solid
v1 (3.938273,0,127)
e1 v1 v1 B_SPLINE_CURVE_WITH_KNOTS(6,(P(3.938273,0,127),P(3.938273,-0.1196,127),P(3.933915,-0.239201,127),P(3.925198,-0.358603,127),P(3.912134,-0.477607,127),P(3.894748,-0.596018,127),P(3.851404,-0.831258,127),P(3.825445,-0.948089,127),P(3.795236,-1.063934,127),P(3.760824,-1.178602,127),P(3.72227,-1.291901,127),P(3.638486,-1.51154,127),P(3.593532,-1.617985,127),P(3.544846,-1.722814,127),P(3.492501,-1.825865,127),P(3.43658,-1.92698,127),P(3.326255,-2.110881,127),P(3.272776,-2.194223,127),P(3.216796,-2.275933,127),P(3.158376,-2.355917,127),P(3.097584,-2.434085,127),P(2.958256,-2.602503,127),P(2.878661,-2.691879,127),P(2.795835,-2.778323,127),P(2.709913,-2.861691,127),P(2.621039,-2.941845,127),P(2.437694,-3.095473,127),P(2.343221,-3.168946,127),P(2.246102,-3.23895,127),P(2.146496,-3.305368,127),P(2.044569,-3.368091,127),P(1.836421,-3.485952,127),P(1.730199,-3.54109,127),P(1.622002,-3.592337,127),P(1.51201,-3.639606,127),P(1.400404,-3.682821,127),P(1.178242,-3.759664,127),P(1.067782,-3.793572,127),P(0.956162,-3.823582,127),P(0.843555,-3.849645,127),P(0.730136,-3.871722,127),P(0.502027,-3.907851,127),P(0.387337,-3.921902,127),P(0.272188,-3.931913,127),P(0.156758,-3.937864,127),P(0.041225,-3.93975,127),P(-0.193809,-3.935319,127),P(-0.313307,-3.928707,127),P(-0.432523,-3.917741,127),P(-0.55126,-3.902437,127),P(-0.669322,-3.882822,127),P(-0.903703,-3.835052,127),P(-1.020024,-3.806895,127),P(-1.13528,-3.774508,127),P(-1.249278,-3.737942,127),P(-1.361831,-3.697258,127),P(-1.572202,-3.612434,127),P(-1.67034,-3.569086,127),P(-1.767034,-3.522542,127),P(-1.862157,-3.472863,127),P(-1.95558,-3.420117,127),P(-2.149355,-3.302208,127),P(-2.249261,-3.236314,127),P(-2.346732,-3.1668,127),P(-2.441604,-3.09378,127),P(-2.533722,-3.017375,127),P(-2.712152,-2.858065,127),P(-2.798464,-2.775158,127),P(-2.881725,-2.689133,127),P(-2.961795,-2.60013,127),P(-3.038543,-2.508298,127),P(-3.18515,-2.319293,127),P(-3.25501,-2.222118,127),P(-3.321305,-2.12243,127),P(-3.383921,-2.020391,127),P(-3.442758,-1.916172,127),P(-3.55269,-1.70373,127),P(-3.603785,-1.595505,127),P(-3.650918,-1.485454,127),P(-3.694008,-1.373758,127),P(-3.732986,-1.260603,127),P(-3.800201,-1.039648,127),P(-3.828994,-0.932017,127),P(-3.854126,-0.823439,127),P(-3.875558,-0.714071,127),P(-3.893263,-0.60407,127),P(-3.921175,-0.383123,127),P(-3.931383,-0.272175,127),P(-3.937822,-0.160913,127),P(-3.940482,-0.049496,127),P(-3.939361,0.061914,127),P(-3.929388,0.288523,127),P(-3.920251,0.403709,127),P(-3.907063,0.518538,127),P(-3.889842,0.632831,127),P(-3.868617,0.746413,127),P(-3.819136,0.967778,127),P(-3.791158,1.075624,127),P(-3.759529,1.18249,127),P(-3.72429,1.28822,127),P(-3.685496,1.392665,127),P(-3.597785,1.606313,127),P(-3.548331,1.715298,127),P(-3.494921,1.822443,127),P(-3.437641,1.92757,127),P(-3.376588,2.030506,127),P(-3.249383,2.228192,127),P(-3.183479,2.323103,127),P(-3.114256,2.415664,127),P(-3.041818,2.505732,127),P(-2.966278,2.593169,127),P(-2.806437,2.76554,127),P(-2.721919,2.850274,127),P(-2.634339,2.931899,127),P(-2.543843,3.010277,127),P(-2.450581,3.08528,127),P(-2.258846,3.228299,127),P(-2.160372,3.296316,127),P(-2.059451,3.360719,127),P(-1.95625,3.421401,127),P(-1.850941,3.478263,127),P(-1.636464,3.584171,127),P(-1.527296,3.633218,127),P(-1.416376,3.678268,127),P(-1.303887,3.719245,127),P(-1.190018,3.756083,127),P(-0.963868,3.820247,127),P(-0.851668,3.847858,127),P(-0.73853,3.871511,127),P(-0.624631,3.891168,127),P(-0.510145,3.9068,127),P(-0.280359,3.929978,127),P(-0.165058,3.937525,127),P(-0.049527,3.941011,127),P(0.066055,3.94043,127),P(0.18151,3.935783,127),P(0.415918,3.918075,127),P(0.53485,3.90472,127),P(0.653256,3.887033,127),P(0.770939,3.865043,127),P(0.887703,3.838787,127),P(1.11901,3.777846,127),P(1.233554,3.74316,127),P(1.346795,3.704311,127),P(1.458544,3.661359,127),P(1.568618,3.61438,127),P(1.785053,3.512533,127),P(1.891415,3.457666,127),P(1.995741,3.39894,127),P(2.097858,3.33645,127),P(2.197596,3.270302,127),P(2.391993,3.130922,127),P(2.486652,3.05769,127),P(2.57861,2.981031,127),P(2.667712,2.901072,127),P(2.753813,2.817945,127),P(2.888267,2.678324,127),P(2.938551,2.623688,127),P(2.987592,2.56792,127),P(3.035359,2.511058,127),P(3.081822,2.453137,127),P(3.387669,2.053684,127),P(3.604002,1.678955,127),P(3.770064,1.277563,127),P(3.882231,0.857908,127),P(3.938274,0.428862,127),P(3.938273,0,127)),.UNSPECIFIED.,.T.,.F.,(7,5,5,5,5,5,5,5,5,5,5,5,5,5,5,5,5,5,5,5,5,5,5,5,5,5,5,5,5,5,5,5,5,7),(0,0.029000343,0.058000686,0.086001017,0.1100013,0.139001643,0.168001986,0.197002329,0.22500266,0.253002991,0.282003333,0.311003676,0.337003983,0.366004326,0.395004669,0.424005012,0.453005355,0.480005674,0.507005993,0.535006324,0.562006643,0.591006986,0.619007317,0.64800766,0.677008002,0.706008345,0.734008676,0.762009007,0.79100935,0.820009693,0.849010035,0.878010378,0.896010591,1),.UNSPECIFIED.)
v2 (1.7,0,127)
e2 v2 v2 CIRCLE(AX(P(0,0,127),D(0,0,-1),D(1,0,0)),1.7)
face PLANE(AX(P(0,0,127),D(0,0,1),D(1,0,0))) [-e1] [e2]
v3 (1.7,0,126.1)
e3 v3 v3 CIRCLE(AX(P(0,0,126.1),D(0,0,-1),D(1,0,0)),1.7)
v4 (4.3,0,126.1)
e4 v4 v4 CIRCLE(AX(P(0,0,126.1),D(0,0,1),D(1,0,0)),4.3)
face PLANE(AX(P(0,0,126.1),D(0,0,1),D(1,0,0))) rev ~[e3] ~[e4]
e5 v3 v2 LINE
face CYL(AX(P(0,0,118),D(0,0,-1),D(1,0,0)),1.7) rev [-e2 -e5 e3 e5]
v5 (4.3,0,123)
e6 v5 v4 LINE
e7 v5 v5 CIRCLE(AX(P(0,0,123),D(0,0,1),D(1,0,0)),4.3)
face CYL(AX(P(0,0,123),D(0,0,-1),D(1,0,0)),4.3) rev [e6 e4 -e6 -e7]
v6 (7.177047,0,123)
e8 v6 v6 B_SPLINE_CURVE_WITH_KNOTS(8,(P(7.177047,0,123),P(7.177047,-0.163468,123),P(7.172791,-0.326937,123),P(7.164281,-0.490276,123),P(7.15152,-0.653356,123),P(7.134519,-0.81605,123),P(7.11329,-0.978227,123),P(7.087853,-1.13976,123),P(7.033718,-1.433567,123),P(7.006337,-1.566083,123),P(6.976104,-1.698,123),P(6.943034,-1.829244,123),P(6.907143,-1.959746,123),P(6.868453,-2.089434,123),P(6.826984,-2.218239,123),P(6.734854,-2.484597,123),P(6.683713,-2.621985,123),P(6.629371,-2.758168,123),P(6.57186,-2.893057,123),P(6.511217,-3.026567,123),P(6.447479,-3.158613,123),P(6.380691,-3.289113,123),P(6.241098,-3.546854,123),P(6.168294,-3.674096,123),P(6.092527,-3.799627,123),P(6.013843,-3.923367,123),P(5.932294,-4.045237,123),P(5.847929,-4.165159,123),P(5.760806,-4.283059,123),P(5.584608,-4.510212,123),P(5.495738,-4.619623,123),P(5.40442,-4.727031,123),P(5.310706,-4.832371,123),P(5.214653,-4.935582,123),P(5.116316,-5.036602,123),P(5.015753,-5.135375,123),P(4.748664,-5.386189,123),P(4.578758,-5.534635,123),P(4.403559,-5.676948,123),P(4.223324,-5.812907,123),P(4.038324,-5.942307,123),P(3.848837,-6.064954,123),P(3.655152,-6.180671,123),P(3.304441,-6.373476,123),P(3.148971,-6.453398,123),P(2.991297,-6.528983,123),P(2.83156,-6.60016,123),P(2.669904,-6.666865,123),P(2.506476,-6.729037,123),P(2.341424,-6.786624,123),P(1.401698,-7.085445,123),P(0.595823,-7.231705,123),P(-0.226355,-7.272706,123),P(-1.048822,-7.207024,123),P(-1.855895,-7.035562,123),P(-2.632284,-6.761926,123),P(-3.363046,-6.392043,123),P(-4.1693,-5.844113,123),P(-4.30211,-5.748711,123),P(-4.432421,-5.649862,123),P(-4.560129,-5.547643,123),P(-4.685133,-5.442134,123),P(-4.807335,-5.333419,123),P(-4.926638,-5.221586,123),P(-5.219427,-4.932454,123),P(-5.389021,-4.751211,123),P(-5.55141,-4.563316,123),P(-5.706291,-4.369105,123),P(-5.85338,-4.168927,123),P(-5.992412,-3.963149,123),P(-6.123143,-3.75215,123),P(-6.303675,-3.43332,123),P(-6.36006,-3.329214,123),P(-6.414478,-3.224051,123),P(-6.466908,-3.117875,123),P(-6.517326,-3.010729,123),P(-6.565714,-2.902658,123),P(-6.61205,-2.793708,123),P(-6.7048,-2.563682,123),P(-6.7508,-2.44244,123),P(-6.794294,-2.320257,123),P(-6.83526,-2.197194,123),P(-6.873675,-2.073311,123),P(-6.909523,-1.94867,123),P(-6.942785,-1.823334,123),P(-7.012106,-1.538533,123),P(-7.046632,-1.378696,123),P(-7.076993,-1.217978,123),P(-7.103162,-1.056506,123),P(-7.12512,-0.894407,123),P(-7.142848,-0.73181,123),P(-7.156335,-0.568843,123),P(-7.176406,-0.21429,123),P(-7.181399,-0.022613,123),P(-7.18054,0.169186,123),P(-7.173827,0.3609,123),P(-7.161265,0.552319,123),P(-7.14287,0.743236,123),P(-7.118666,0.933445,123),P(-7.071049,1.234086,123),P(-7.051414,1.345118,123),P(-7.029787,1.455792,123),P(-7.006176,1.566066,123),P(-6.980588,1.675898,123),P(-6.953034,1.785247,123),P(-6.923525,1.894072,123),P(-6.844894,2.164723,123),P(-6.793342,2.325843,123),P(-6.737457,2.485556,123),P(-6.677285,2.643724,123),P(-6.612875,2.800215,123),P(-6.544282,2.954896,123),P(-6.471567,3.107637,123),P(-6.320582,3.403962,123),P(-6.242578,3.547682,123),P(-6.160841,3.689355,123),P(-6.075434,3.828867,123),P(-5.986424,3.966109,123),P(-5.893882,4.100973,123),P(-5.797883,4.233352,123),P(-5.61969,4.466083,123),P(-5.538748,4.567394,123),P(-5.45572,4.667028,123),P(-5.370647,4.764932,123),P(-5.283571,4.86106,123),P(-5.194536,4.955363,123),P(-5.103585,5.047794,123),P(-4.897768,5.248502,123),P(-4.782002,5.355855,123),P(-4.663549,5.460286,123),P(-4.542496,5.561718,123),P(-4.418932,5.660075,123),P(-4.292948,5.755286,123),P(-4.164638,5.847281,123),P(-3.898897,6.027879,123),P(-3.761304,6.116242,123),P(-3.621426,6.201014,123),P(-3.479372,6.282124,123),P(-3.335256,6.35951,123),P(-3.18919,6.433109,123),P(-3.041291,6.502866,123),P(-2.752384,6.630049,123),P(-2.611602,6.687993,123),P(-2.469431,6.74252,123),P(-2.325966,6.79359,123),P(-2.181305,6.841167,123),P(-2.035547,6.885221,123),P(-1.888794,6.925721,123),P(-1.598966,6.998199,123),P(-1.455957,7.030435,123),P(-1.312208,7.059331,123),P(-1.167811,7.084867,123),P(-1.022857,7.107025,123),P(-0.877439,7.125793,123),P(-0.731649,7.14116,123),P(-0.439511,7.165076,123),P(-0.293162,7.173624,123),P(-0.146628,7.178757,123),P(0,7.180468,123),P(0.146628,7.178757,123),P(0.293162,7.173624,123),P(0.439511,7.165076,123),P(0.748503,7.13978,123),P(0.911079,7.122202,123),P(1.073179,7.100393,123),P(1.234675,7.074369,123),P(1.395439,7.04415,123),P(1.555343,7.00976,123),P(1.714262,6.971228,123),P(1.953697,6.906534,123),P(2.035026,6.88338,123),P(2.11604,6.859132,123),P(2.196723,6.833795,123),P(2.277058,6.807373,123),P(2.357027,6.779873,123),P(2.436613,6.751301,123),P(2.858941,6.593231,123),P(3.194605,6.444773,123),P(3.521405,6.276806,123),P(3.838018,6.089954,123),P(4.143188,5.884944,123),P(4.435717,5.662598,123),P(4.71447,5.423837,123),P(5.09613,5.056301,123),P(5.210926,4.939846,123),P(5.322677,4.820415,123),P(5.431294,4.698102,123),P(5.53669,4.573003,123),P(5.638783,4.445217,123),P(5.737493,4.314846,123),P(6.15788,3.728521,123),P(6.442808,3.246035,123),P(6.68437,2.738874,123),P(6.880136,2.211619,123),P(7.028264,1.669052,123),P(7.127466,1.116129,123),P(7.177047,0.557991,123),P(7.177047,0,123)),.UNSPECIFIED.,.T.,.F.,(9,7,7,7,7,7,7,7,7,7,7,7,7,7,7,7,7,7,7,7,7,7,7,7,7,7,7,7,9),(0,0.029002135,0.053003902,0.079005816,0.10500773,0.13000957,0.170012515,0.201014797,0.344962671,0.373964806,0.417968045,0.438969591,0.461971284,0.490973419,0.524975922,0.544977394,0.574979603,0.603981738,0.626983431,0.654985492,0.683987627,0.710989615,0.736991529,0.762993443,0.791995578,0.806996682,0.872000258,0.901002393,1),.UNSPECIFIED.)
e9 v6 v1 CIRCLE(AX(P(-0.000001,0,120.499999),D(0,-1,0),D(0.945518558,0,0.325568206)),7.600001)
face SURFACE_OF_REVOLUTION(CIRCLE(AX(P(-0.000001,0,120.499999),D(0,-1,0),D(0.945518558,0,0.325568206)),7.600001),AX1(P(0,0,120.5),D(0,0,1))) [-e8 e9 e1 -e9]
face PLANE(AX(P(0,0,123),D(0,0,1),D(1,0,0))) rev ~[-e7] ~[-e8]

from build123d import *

# Parameters (mm, degrees)
CYLINDER046_R     = 4.3
CYLINDER046_DEPTH = 3.1
CYLINDER010_R     = 1.7
CYLINDER010_DEPTH = 10
CYLINDER045_R     = 9
CYLINDER045_DEPTH = 4


with BuildPart() as cylinder046:
    # Cylinder046 → Cylinder046 (new body)
    with BuildSketch(Plane.XY.offset(123)):
        Circle(CYLINDER046_R)
    extrude(amount=CYLINDER046_DEPTH)


with BuildPart() as uitsparing:
    # Cylinder010 → Cylinder010 (new body)
    with BuildSketch(Plane.XY.offset(118)):
        Circle(CYLINDER010_R)
    extrude(amount=CYLINDER010_DEPTH)

    # Fusion006: union Cylinder046
    add(cylinder046.part)


with BuildPart() as sphere:
    # Sphere → Sphere (revolve)
    with BuildSketch(Plane(origin=(0, 0, 120.5), x_dir=(1, 0, 0), z_dir=(0, -1, 0))):
        with BuildLine():
            ThreePointArc((7.185941, 2.474318), (4.413342, 6.187278), (0, 7.6))
            Line((0, 7.6), (0, 2.474318))
            Line((0, 2.474318), (7.185941, 2.474318))
        make_face()
    revolve(axis=Axis((0, 0, 120.5), (0, 0, 1)))


with BuildPart() as top:
    # Cylinder045 → Cylinder045 (new body)
    with BuildSketch(Plane.XY.offset(123)):
        Circle(CYLINDER045_R)
    extrude(amount=CYLINDER045_DEPTH)

    # Common002: intersect Sphere
    add(sphere.part, mode=Mode.INTERSECT)

    # Cut039: cut uitsparing
    add(uitsparing.part, mode=Mode.SUBTRACT)


solid = top.part
